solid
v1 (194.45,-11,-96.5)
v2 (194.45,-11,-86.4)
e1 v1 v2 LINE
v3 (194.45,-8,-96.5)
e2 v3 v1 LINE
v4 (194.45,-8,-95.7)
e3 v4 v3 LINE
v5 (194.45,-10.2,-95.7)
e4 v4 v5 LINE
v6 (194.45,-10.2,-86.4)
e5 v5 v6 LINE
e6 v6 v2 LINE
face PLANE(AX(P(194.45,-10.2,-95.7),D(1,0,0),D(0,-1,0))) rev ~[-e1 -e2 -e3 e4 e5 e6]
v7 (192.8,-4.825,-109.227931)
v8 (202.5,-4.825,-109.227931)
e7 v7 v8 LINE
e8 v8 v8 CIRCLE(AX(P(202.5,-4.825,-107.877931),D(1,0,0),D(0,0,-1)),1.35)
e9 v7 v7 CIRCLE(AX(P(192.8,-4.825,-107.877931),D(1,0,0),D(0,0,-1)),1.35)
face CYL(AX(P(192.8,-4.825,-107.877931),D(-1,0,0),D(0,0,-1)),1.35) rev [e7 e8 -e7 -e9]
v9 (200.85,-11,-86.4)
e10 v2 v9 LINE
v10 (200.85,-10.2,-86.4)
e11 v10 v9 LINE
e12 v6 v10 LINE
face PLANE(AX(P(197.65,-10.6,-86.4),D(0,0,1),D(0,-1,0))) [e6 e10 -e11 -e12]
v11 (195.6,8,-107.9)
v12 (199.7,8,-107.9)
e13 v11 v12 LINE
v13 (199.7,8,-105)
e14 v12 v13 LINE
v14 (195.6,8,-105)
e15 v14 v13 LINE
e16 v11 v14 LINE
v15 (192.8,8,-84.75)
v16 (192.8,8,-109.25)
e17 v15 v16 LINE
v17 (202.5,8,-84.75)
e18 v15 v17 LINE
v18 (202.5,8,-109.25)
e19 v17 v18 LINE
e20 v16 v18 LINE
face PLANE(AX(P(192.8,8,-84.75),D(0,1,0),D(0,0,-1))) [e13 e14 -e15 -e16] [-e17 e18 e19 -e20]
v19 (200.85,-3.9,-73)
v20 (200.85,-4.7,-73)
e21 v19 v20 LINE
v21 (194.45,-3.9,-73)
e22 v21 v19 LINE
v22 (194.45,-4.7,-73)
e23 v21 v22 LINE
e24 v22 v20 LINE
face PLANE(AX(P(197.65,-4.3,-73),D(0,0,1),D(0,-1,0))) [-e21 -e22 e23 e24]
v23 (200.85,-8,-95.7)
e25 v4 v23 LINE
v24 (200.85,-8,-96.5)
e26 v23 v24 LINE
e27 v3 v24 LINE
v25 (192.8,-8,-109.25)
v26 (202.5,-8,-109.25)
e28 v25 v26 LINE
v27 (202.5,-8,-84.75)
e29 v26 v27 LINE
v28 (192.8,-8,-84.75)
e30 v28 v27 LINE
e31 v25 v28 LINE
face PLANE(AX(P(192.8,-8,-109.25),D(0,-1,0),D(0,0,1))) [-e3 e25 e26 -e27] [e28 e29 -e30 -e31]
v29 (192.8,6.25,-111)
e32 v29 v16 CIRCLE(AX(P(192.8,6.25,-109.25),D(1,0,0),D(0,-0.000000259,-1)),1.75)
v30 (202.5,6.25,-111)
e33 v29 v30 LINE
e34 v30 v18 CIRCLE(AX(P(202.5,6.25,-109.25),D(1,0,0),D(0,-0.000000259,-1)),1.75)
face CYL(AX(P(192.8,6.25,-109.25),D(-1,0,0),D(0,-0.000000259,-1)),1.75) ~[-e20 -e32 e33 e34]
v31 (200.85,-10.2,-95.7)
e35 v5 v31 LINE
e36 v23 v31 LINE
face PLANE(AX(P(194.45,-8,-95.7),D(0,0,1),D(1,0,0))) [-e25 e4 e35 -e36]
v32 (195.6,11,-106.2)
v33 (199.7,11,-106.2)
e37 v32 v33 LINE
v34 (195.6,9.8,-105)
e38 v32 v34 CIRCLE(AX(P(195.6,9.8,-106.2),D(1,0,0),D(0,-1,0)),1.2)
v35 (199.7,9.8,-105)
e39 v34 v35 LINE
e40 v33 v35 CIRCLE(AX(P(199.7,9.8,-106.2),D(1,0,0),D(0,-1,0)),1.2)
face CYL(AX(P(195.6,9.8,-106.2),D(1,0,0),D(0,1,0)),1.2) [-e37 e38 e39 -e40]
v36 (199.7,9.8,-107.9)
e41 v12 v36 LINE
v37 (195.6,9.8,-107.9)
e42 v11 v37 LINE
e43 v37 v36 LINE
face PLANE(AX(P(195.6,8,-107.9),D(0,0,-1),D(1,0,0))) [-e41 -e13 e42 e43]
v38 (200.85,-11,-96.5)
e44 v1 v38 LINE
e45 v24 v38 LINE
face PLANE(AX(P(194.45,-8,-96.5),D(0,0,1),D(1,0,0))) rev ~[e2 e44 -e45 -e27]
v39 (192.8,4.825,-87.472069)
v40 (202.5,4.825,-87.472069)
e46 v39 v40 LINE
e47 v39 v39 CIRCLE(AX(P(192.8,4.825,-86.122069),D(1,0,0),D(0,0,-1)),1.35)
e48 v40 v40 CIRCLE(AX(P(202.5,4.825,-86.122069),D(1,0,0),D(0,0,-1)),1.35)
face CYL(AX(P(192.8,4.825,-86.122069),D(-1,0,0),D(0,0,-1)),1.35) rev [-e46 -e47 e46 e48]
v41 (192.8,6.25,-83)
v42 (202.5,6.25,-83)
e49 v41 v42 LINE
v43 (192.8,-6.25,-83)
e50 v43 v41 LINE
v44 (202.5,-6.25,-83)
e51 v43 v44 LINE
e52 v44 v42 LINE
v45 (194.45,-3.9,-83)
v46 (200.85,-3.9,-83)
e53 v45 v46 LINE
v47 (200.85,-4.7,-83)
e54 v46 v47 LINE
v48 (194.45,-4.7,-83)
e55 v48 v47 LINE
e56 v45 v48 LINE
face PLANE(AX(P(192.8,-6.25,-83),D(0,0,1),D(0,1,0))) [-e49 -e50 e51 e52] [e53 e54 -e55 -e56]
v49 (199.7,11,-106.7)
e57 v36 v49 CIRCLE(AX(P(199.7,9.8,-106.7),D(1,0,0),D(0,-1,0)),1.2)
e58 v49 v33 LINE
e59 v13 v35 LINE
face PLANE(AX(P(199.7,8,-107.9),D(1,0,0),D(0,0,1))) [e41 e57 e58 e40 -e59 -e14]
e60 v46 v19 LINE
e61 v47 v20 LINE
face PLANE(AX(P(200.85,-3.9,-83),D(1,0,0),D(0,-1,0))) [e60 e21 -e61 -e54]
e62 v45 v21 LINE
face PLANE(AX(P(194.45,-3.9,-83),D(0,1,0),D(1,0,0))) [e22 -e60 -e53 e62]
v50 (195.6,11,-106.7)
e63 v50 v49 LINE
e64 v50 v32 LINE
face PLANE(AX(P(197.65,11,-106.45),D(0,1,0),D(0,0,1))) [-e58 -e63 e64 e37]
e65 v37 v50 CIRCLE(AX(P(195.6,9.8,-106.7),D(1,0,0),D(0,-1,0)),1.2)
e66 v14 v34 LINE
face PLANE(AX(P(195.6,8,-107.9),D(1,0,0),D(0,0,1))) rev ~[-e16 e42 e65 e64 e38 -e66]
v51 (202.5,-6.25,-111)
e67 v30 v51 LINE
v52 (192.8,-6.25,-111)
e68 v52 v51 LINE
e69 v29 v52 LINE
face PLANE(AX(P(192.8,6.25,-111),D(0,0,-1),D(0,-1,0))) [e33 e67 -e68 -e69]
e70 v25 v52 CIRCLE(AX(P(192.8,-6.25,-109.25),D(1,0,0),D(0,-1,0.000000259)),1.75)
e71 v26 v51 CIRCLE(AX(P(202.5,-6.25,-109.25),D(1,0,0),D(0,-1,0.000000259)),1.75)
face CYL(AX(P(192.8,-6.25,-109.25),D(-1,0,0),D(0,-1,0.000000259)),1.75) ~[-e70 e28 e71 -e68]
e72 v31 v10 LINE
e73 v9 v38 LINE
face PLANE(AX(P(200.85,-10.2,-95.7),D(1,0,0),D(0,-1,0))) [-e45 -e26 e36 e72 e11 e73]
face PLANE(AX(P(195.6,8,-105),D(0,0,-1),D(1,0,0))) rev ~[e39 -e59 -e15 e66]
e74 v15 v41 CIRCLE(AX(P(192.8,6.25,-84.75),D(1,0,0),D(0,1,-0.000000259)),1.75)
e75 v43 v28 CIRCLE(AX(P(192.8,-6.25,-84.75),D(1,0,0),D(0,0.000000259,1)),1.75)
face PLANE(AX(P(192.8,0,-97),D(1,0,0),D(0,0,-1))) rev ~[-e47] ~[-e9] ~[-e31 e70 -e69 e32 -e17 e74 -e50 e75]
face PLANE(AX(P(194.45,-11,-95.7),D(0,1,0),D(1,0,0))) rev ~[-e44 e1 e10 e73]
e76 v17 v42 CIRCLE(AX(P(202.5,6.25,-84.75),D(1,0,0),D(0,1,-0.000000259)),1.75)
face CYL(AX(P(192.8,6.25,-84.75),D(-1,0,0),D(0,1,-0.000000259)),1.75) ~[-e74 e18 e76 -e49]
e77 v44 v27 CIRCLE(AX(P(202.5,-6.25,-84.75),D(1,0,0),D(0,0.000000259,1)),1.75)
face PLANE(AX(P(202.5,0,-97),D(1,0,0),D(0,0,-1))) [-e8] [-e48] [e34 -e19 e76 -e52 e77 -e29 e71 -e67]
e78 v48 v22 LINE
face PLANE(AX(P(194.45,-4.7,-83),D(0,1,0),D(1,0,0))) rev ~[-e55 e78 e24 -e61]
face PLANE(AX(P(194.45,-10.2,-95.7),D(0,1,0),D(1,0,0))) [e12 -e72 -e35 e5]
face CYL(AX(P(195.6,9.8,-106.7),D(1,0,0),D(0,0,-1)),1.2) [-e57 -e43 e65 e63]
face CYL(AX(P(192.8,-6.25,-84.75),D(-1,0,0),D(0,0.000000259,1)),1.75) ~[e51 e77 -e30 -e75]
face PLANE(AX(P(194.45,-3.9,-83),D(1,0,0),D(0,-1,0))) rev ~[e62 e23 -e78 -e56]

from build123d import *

# Parameters (mm, degrees)
SKETCH051_R             = 1.35
PAD051_DEPTH            = 9.7
SKETCH052_W             = 2.9
SKETCH052_H             = 4.1
PAD052_DEPTH            = 3
SKETCH053_W             = 0.8
SKETCH053_H             = 6.4
PAD053_DEPTH            = 10
SKETCH054_W             = 0.8
SKETCH054_H             = 6.4
PAD054_DEPTH            = 3
SKETCH055_W             = 0.8
SKETCH055_H             = 6.4
PAD055_DEPTH            = 9.3
FILLET007_R             = 1.2
BODY011_PLACEMENT_ANGLE = 90


with BuildPart() as part:
    # Sketch051 → Pad051 (new body)
    with BuildSketch(Plane.XY):
        with BuildLine():
            ThreePointArc((-12.25, 8), (-13.487437, 7.487437), (-14, 6.25))
            Line((-14, -6.25), (-14, 6.25))
            ThreePointArc((-14, -6.25), (-13.487437, -7.487437), (-12.25, -8))
            Line((12.25, -8), (-12.25, -8))
            ThreePointArc((12.25, -8), (13.487437, -7.487437), (14, -6.25))
            Line((14, 6.25), (14, -6.25))
            ThreePointArc((14, 6.25), (13.487437, 7.487437), (12.25, 8))
            Line((-12.25, 8), (12.25, 8))
        make_face()
        with Locations((10.877931, -4.825)):
            Circle(SKETCH051_R, mode=Mode.SUBTRACT)
        with Locations((-10.877931, 4.825)):
            Circle(SKETCH051_R, mode=Mode.SUBTRACT)
    extrude(amount=PAD051_DEPTH)

    # Sketch052 (on Face8 of Pad051) → Pad052 (join)
    with BuildSketch(Plane(origin=(0, 8, 0), x_dir=(-1, 0, 0), z_dir=(0, 1, 0))):
        with Locations((-9.45, 4.85)):
            Rectangle(SKETCH052_W, SKETCH052_H)
    extrude(amount=PAD052_DEPTH)

    # Sketch053 (on Face3 of Pad052) → Pad053 (join)
    with BuildSketch(Plane(origin=(-14, 0, 0), x_dir=(0, -1, 0), z_dir=(-1, 0, 0))):
        with Locations((4.3, 4.85)):
            Rectangle(SKETCH053_W, SKETCH053_H)
    extrude(amount=PAD053_DEPTH)

    # Sketch054 (on Face16 of Pad053) → Pad054 (join)
    with BuildSketch(Plane.XZ.offset(8)):
        with Locations((-0.9, 4.85)):
            Rectangle(SKETCH054_W, SKETCH054_H)
    extrude(amount=PAD054_DEPTH)

    # Sketch055 (on Face23 of Pad054) → Pad055 (join)
    with BuildSketch(Plane(origin=(-1.3, 0, 0), x_dir=(0, -1, 0), z_dir=(-1, 0, 0))):
        with Locations((10.6, 4.85)):
            Rectangle(SKETCH055_W, SKETCH055_H)
    extrude(amount=PAD055_DEPTH)

    # Fillet007
    fillet007_edges = [part.edges().sort_by_distance(p)[0] for p in [
        (10.9, 11, 4.85),
        (8, 11, 4.85),
    ]]
    fillet(fillet007_edges, radius=FILLET007_R)


with BuildPart() as part_1:
    # Body011 placement: moved
    add(part.part.moved(Location((192.8, 0, -97))).rotate(Axis((192.8, 0, -97), (0, 1, 0)), BODY011_PLACEMENT_ANGLE))


solid = part_1.part
